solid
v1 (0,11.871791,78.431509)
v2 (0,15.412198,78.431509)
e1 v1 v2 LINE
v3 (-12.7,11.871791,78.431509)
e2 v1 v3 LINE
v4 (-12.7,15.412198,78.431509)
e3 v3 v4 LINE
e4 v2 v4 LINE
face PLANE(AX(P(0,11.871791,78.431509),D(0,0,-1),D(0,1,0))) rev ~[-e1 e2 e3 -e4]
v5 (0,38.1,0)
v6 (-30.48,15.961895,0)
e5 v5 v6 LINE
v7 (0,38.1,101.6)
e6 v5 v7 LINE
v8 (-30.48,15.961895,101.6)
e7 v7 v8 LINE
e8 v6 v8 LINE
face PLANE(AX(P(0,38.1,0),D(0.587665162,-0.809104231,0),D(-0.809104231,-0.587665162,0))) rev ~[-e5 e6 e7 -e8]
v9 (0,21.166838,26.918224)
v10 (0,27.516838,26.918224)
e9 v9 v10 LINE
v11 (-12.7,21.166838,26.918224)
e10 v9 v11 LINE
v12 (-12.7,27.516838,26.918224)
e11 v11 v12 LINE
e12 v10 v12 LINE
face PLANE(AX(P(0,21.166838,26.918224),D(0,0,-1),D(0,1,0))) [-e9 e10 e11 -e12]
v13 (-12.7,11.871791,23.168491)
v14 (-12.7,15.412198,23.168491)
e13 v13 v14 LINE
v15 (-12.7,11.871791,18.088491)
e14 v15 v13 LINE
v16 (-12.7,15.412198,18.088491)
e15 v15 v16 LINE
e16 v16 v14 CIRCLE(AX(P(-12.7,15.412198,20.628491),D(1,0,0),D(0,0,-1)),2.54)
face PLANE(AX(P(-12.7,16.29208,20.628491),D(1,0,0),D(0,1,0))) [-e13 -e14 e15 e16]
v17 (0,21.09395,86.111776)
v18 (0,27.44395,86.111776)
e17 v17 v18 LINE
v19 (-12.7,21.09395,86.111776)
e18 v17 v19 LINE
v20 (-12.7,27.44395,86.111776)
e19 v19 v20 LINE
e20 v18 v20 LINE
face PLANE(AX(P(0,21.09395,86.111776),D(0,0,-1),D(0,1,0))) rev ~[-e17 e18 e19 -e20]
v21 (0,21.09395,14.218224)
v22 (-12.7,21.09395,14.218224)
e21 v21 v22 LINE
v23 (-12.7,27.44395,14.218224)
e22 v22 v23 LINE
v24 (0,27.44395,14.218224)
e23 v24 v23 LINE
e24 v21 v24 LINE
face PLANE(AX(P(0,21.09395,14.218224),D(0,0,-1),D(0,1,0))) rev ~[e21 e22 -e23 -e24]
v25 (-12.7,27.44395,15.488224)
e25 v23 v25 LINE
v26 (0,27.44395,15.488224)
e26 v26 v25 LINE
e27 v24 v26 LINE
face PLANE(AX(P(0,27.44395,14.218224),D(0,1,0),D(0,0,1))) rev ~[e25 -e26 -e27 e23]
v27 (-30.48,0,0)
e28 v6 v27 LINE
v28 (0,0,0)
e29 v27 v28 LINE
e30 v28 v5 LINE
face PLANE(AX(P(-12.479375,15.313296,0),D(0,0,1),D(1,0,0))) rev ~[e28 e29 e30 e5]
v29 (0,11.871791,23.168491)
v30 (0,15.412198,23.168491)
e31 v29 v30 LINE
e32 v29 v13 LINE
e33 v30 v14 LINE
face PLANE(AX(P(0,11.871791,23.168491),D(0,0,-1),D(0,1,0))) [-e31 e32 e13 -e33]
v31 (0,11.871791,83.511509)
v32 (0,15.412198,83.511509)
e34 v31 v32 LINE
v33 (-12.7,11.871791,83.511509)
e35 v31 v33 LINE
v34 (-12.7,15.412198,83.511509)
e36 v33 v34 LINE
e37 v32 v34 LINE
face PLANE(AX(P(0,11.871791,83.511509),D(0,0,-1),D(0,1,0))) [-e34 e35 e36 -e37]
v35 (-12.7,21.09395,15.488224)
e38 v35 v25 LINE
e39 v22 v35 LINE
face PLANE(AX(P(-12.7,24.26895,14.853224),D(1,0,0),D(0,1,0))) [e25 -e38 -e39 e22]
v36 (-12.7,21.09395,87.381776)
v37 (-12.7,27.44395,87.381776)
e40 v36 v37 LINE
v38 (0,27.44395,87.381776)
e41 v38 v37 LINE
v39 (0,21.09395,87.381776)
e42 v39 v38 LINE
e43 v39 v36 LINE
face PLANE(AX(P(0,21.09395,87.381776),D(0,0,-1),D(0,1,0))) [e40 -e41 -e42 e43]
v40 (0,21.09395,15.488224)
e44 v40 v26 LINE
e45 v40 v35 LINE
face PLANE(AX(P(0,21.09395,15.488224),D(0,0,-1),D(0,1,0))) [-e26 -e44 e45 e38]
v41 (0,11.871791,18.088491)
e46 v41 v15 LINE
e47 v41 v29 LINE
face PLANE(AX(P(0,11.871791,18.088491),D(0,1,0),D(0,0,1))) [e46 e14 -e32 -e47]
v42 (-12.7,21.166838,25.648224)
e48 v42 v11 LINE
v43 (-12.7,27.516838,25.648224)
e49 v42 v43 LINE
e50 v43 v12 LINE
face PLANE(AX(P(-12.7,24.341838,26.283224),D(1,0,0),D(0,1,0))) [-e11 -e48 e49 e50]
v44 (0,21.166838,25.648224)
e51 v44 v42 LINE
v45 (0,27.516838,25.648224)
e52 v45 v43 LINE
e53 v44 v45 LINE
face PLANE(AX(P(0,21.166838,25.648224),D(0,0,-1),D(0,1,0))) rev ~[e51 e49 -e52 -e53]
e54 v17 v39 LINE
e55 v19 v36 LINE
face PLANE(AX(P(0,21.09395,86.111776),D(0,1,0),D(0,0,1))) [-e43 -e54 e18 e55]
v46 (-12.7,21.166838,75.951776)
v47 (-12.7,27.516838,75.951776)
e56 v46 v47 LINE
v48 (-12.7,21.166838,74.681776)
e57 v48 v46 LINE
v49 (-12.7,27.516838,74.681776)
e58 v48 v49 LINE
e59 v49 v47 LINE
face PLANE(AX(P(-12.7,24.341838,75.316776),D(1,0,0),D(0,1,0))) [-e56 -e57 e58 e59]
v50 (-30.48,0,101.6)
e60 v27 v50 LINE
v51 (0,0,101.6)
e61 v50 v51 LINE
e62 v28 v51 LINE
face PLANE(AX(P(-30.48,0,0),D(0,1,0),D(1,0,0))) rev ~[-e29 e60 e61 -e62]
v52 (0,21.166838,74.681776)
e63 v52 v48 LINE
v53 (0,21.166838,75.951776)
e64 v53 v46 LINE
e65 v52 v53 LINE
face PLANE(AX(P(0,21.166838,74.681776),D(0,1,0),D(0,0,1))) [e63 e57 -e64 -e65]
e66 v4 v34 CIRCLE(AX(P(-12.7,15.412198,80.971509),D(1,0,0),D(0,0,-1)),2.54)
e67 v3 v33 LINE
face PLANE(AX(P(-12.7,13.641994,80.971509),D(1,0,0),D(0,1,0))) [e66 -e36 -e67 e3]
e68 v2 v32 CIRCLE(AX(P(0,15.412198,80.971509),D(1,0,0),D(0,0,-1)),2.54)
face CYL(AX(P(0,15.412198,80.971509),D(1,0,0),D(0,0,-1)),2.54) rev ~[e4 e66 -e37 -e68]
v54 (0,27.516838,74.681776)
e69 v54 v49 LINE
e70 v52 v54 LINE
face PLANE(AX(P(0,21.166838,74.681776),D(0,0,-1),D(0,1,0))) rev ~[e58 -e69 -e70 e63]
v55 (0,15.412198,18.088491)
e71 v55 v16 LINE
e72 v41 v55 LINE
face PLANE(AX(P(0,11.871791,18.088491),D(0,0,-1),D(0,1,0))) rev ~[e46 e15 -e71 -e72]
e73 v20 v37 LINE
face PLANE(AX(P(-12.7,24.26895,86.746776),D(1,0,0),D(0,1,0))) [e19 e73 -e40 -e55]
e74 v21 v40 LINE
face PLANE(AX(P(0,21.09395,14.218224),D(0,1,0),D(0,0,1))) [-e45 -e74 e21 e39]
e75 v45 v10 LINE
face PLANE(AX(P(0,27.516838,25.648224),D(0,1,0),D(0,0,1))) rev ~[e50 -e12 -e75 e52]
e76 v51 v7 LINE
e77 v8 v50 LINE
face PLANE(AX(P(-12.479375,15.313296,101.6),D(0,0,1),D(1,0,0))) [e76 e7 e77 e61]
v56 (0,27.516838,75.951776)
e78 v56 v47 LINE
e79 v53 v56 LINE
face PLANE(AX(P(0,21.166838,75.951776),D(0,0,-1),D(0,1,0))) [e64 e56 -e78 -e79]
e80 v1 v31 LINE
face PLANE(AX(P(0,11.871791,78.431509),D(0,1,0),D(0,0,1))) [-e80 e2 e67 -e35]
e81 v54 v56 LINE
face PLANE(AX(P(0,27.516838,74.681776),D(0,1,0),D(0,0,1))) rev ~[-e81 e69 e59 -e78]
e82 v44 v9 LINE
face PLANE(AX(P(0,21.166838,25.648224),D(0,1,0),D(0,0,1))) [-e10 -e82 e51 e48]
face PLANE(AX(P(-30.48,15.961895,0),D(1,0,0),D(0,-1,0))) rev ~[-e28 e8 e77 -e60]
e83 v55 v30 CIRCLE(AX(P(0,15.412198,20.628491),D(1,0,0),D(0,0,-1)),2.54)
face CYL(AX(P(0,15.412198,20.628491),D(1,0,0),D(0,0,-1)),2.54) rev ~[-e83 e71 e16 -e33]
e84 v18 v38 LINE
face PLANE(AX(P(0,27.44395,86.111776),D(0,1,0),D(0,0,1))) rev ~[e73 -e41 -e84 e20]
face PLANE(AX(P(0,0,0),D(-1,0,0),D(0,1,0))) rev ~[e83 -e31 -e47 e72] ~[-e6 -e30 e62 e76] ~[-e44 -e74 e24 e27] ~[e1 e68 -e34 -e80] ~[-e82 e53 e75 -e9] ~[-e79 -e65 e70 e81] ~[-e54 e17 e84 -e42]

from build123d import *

# Parameters (mm, degrees)
F1_DEPTH = 101.6
F2_W     = 6.35
F2_H     = 1.27
F2_W_2   = 3.5404078662
F2_H_2   = 5.08
F3_DEPTH = 12.7
F4_DEPTH = 12.7


with BuildPart() as f1:
    # F0 (on Top) → F1 (new body)
    with BuildSketch(Plane.XY):
        Polygon((0, 38.1), (-30.48, 15.961895347), (-30.48, 0), (0, 0), align=None)
    extrude(amount=F1_DEPTH)

    # F2 (on face) → F3 (cut)
    with BuildSketch(Plane.YZ):
        with Locations((24.2689500645, 86.7467758033)):
            Rectangle(F2_W, F2_H)
        with Locations((24.3418384343, 75.3167758033)):
            Rectangle(F2_W, F2_H)
        with Locations((13.6419944465, 80.9715090013)):
            Rectangle(F2_W_2, F2_H_2)
        with BuildLine():
            ThreePointArc((15.4121983796, 78.4315090013), (17.9521983796, 80.9715090013), (15.4121983796, 83.5115090013))
            Line((15.4121983796, 83.5115090013), (15.4121983796, 78.4315090013))
        make_face()
    extrude(amount=-F3_DEPTH, mode=Mode.SUBTRACT)

    # F2 (on face) → F4 (cut)
    with BuildSketch(Plane.YZ):
        with Locations((24.3418384343, 26.2832241967)):
            Rectangle(F2_W, F2_H)
        with Locations((24.2689500645, 14.8532241967)):
            Rectangle(F2_W, F2_H)
        with BuildLine():
            ThreePointArc((15.4121983796, 18.0884909987), (17.9521983796, 20.6284909987), (15.4121983796, 23.1684909987))
            Line((15.4121983796, 23.1684909987), (15.4121983796, 18.0884909987))
        make_face()
        with Locations((13.6419944465, 20.6284909987)):
            Rectangle(F2_W_2, F2_H_2)
    extrude(amount=-F4_DEPTH, mode=Mode.SUBTRACT)


solid = f1.part
